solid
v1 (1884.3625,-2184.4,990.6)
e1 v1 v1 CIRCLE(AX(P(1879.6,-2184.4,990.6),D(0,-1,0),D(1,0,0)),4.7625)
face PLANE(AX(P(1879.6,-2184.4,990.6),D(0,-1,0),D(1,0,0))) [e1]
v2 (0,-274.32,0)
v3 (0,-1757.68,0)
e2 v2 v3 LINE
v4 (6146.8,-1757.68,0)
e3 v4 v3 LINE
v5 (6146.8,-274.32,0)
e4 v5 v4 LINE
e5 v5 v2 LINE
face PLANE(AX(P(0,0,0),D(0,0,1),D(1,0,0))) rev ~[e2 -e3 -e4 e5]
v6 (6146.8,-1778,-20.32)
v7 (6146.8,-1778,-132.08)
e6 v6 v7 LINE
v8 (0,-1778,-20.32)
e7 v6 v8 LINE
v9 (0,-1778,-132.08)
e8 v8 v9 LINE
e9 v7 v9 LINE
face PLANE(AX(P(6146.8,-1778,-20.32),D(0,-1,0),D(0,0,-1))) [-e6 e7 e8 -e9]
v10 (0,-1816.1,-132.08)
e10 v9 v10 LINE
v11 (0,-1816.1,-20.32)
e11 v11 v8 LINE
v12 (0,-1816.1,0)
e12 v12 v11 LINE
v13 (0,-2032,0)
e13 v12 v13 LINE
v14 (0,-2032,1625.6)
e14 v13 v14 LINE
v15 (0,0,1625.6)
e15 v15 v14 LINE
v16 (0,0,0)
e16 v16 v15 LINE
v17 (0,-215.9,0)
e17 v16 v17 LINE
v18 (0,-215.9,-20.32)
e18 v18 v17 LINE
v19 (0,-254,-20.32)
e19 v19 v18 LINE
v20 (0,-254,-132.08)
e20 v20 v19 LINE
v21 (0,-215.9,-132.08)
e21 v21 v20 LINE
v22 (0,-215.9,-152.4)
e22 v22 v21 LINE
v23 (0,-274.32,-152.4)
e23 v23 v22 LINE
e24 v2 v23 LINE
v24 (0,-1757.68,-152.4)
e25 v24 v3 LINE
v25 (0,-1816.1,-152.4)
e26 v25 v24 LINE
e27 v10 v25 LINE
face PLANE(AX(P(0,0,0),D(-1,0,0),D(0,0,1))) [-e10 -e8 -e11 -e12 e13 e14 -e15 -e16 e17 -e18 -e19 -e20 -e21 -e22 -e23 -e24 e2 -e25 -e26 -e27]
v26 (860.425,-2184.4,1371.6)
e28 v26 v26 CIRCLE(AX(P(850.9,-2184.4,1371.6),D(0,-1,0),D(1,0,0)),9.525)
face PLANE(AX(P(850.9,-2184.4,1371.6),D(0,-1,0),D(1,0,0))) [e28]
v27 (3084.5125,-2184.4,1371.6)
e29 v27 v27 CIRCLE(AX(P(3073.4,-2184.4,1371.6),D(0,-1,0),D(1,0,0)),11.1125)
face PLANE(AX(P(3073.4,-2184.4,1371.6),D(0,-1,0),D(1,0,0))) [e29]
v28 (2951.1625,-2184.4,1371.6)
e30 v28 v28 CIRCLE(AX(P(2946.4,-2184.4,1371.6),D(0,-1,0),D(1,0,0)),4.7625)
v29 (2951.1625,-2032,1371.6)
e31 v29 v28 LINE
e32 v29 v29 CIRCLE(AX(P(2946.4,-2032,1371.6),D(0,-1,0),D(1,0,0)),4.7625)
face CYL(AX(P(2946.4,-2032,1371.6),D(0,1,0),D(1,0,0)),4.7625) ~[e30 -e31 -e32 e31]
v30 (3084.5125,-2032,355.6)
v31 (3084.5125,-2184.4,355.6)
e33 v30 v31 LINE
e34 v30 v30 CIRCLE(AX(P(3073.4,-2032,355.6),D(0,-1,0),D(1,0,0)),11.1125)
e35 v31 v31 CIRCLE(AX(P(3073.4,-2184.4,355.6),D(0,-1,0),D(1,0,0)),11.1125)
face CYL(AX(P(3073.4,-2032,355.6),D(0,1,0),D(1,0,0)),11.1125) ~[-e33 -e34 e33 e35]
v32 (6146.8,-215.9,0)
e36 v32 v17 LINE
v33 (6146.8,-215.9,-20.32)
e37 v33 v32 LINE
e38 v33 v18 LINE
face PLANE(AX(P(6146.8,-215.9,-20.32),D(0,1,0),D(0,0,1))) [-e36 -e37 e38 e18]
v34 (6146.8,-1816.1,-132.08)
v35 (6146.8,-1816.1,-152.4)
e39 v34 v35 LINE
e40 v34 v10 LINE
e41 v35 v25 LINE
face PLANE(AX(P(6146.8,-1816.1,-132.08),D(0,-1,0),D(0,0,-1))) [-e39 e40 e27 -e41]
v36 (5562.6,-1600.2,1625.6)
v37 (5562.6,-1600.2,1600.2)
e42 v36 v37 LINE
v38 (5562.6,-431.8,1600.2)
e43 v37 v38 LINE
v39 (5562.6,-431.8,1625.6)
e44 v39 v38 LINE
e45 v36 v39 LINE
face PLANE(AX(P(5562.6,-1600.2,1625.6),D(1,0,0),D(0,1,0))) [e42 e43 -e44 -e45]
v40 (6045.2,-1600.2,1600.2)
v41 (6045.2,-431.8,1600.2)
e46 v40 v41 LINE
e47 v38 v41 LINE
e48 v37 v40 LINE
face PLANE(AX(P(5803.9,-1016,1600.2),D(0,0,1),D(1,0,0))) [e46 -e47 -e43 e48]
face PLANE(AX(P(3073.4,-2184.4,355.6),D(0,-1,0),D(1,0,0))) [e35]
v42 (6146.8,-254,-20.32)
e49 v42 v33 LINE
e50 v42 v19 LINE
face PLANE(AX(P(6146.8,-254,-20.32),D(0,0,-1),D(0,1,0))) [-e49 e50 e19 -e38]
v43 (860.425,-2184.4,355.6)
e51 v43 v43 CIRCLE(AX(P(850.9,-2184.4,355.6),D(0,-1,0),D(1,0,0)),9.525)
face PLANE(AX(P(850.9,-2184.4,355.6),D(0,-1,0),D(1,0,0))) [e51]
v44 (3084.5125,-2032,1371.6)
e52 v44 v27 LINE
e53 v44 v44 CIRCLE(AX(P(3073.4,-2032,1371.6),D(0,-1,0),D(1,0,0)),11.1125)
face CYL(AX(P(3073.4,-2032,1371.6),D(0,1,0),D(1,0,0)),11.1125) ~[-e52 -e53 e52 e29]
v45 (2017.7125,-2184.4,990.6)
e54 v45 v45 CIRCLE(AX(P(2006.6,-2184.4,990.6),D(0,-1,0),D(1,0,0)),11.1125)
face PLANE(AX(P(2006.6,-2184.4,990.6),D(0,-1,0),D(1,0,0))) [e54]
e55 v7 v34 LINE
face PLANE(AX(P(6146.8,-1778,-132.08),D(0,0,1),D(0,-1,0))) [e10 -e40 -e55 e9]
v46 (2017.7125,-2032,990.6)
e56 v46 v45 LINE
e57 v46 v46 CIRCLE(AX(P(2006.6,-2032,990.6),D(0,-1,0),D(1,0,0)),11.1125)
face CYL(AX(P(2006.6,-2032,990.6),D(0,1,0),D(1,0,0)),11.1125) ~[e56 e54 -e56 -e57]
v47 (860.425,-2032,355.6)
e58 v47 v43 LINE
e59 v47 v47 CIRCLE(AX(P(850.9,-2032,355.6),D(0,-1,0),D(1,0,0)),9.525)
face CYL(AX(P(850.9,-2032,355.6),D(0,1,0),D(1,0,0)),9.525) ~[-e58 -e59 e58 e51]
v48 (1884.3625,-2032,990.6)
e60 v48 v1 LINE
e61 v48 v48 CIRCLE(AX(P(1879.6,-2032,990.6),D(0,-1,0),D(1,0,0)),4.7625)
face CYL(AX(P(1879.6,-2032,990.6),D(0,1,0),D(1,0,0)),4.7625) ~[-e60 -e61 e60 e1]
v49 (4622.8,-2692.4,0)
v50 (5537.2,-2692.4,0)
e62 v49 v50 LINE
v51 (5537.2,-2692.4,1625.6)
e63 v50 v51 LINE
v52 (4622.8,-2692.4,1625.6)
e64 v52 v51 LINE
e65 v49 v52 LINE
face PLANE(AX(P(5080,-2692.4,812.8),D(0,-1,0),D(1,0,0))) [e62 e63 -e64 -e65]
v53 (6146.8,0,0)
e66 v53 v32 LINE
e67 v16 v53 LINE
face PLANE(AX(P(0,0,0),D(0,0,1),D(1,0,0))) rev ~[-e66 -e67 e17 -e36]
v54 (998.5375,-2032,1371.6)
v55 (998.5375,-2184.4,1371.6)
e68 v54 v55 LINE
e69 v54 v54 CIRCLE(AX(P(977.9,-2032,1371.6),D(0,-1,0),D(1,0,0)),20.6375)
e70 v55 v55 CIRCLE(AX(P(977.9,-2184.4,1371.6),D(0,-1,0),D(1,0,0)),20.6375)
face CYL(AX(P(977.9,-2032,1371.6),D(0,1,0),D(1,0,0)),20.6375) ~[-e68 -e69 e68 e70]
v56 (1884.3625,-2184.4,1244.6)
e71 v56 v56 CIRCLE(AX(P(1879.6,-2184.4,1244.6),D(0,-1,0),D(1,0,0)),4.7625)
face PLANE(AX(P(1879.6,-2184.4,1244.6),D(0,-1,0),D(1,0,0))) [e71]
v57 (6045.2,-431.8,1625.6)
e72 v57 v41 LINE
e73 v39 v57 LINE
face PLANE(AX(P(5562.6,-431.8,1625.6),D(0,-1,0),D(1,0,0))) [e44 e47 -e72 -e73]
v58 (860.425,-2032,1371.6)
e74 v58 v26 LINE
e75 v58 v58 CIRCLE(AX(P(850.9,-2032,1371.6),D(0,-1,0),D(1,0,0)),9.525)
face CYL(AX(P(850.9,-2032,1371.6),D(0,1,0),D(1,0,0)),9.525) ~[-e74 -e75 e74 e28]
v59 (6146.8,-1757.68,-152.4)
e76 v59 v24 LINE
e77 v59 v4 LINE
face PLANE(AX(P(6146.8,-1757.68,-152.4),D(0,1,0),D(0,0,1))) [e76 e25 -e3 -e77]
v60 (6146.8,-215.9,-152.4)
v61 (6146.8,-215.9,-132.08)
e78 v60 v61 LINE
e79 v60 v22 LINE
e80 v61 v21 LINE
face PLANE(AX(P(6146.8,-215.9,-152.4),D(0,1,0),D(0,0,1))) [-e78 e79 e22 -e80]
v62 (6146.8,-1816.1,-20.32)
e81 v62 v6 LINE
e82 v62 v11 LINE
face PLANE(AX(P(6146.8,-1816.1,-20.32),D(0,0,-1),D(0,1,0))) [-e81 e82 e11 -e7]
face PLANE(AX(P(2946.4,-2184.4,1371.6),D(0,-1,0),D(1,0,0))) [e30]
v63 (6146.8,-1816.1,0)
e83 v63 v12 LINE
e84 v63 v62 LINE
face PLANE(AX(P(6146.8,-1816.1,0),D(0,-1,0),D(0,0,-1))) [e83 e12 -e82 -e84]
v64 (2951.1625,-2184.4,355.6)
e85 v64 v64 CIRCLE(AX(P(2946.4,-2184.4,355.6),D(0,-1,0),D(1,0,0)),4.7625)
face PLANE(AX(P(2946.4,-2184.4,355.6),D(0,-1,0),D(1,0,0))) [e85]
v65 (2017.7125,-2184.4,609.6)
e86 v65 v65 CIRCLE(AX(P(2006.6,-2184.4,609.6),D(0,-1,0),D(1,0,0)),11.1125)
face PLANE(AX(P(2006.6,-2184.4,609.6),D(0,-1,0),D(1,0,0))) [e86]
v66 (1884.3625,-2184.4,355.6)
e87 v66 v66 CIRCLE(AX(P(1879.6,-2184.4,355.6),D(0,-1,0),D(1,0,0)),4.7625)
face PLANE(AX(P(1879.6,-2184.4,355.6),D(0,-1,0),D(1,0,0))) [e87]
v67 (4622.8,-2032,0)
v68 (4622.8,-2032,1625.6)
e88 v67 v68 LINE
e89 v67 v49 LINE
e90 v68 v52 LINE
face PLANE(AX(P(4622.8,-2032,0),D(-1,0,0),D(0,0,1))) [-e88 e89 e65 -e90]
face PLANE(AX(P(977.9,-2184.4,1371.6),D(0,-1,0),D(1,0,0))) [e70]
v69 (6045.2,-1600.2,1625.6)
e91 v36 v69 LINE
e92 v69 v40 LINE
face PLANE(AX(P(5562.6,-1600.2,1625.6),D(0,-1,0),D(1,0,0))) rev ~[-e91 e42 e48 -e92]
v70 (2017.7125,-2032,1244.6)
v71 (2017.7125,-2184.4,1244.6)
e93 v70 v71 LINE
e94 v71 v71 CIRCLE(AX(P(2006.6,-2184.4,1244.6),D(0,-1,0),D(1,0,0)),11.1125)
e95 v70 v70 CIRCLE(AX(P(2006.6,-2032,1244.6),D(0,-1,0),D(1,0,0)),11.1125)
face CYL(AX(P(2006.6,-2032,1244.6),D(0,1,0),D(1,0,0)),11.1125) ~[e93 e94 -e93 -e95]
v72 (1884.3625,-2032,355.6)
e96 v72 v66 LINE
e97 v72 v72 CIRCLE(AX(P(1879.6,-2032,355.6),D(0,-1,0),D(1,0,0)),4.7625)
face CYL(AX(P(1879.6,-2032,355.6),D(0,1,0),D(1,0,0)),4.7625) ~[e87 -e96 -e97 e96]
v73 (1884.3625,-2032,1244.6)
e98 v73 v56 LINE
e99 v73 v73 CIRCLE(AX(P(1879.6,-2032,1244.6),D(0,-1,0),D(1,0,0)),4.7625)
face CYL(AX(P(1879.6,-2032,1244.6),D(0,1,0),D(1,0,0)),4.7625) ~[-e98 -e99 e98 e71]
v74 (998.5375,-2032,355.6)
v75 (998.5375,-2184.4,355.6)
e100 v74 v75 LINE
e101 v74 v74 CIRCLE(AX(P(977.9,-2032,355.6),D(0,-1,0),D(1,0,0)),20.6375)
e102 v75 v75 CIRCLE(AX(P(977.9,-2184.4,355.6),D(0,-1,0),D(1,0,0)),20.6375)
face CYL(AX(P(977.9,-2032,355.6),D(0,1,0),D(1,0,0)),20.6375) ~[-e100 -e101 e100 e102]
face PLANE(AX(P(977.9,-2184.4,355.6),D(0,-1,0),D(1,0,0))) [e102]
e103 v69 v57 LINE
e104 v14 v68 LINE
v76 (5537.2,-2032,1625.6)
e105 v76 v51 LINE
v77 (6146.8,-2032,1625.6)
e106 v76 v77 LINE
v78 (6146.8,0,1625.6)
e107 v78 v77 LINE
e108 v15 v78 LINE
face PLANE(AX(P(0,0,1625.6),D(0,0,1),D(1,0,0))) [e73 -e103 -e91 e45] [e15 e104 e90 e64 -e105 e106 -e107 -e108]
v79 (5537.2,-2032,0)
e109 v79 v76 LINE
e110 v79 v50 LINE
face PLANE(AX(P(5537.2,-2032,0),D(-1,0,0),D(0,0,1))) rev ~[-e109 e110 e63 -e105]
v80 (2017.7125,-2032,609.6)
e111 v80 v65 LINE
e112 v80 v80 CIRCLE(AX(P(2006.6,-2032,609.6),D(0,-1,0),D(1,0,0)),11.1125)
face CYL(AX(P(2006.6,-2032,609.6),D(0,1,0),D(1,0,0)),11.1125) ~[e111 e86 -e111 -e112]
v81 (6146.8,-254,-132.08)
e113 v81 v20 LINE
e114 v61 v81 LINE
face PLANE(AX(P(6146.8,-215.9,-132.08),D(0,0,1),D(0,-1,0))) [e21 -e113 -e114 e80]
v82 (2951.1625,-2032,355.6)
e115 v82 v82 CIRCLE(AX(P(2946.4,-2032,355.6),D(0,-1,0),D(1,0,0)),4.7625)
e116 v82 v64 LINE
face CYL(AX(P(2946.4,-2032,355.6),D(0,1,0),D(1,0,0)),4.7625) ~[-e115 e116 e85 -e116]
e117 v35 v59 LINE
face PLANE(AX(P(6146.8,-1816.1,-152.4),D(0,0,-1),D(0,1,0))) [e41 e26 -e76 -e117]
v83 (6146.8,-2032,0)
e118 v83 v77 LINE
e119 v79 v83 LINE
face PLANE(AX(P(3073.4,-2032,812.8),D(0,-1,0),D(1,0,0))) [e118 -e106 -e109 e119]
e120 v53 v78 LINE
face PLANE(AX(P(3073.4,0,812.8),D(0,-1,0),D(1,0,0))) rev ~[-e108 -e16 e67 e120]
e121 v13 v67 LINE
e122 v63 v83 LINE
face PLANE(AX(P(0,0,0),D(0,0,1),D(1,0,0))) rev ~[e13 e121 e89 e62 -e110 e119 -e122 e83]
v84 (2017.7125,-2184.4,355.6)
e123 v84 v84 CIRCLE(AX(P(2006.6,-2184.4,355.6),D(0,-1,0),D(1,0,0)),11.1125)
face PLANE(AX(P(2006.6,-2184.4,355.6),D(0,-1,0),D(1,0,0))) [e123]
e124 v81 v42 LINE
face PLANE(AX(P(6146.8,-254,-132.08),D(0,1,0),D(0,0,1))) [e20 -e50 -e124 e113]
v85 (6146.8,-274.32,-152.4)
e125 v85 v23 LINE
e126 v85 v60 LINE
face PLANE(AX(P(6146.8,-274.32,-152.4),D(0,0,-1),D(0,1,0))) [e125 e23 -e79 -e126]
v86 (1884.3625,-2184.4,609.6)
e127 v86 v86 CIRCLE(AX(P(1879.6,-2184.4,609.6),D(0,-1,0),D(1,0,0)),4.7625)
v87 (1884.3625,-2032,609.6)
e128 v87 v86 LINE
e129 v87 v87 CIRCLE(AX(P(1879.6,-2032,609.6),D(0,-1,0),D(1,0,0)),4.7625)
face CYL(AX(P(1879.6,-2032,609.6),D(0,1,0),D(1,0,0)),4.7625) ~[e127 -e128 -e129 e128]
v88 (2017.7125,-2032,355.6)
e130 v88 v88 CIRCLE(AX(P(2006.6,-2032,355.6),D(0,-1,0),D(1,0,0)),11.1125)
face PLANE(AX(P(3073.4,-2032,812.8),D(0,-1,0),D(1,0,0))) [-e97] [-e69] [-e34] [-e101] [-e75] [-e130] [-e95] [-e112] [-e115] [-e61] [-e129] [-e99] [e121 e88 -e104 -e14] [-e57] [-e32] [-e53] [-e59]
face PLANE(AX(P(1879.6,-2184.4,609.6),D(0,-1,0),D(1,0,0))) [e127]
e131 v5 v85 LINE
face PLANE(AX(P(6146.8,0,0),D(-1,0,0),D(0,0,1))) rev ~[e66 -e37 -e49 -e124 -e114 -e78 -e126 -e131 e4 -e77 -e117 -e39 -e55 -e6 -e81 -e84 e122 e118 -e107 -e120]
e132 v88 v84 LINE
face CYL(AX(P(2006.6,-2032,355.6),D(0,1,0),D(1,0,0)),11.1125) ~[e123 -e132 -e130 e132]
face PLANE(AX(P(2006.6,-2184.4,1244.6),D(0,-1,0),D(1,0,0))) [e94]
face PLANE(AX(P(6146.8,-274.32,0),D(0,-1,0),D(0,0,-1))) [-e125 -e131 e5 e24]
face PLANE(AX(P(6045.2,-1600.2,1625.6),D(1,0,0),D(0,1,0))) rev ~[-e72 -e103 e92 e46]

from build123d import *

# Parameters (mm, degrees)
F0_W     = 6146.8
F0_H     = 1625.6
F1_DEPTH = 2032
F2_W     = 914.4
F2_H     = 1625.6
F3_DEPTH = 660.4
F4_W     = 482.6
F4_H     = 1168.4
F5_DEPTH = 25.4
F7_DEPTH = 6146.8
F8_R     = 9.525
F8_R_2   = 20.6375
F8_R_3   = 4.7625
F8_R_4   = 11.1125
F9_DEPTH = 152.4


with BuildPart() as f1:
    # F0 (on Front) → F1 (new body)
    with BuildSketch(Plane.XZ):
        with Locations((3073.4, 812.8)):
            Rectangle(F0_W, F0_H)
    extrude(amount=F1_DEPTH)

    # F2 (on face) → F3 (join)
    with BuildSketch(Plane.XZ.offset(2032)):
        with Locations((5080, 812.8)):
            Rectangle(F2_W, F2_H)
    extrude(amount=F3_DEPTH)

    # F4 (on face) → F5 (cut)
    with BuildSketch(Plane.XY.offset(1625.6)):
        with Locations((5803.9, -1016)):
            Rectangle(F4_W, F4_H)
    extrude(amount=-F5_DEPTH, mode=Mode.SUBTRACT)

    # F6 (on face) → F7 (join, through all)
    with BuildSketch(Plane.YZ.offset(6146.8)):
        Polygon((-1757.68, 0), (-1816.1, 0), (-1816.1, -20.32), (-1778, -20.32), (-1778, -132.08), (-1816.1, -132.08), (-1816.1, -152.4), (-1757.68, -152.4), align=None)
        Polygon((-215.9, -152.4), (-215.9, -132.08), (-254, -132.08), (-254, -20.32), (-215.9, -20.32), (-215.9, 0), (-274.32, 0), (-274.32, -152.4), align=None)
    extrude(amount=-F7_DEPTH)

    # F8 (on face) → F9 (join)
    with BuildSketch(Plane.XZ.offset(2032)):
        with Locations((850.9, 1371.6)):
            Circle(F8_R)
        with Locations((850.9, 355.6)):
            Circle(F8_R)
        with Locations((977.9, 1371.6)):
            Circle(F8_R_2)
        with Locations((977.9, 355.6)):
            Circle(F8_R_2)
        with Locations((2946.4, 1371.6)):
            Circle(F8_R_3)
        with Locations((3073.4, 1371.6)):
            Circle(F8_R_4)
        with Locations((2946.4, 355.6)):
            Circle(F8_R_3)
        with Locations((3073.4, 355.6)):
            Circle(F8_R_4)
        with Locations((1879.6, 1244.6)):
            Circle(F8_R_3)
        with Locations((2006.6, 1244.6)):
            Circle(F8_R_4)
        with Locations((1879.6, 990.6)):
            Circle(F8_R_3)
        with Locations((2006.6, 990.6)):
            Circle(F8_R_4)
        with Locations((1879.6, 609.6)):
            Circle(F8_R_3)
        with Locations((2006.6, 609.6)):
            Circle(F8_R_4)
        with Locations((1879.6, 355.6)):
            Circle(F8_R_3)
        with Locations((2006.6, 355.6)):
            Circle(F8_R_4)
    extrude(amount=F9_DEPTH)


solid = f1.part
